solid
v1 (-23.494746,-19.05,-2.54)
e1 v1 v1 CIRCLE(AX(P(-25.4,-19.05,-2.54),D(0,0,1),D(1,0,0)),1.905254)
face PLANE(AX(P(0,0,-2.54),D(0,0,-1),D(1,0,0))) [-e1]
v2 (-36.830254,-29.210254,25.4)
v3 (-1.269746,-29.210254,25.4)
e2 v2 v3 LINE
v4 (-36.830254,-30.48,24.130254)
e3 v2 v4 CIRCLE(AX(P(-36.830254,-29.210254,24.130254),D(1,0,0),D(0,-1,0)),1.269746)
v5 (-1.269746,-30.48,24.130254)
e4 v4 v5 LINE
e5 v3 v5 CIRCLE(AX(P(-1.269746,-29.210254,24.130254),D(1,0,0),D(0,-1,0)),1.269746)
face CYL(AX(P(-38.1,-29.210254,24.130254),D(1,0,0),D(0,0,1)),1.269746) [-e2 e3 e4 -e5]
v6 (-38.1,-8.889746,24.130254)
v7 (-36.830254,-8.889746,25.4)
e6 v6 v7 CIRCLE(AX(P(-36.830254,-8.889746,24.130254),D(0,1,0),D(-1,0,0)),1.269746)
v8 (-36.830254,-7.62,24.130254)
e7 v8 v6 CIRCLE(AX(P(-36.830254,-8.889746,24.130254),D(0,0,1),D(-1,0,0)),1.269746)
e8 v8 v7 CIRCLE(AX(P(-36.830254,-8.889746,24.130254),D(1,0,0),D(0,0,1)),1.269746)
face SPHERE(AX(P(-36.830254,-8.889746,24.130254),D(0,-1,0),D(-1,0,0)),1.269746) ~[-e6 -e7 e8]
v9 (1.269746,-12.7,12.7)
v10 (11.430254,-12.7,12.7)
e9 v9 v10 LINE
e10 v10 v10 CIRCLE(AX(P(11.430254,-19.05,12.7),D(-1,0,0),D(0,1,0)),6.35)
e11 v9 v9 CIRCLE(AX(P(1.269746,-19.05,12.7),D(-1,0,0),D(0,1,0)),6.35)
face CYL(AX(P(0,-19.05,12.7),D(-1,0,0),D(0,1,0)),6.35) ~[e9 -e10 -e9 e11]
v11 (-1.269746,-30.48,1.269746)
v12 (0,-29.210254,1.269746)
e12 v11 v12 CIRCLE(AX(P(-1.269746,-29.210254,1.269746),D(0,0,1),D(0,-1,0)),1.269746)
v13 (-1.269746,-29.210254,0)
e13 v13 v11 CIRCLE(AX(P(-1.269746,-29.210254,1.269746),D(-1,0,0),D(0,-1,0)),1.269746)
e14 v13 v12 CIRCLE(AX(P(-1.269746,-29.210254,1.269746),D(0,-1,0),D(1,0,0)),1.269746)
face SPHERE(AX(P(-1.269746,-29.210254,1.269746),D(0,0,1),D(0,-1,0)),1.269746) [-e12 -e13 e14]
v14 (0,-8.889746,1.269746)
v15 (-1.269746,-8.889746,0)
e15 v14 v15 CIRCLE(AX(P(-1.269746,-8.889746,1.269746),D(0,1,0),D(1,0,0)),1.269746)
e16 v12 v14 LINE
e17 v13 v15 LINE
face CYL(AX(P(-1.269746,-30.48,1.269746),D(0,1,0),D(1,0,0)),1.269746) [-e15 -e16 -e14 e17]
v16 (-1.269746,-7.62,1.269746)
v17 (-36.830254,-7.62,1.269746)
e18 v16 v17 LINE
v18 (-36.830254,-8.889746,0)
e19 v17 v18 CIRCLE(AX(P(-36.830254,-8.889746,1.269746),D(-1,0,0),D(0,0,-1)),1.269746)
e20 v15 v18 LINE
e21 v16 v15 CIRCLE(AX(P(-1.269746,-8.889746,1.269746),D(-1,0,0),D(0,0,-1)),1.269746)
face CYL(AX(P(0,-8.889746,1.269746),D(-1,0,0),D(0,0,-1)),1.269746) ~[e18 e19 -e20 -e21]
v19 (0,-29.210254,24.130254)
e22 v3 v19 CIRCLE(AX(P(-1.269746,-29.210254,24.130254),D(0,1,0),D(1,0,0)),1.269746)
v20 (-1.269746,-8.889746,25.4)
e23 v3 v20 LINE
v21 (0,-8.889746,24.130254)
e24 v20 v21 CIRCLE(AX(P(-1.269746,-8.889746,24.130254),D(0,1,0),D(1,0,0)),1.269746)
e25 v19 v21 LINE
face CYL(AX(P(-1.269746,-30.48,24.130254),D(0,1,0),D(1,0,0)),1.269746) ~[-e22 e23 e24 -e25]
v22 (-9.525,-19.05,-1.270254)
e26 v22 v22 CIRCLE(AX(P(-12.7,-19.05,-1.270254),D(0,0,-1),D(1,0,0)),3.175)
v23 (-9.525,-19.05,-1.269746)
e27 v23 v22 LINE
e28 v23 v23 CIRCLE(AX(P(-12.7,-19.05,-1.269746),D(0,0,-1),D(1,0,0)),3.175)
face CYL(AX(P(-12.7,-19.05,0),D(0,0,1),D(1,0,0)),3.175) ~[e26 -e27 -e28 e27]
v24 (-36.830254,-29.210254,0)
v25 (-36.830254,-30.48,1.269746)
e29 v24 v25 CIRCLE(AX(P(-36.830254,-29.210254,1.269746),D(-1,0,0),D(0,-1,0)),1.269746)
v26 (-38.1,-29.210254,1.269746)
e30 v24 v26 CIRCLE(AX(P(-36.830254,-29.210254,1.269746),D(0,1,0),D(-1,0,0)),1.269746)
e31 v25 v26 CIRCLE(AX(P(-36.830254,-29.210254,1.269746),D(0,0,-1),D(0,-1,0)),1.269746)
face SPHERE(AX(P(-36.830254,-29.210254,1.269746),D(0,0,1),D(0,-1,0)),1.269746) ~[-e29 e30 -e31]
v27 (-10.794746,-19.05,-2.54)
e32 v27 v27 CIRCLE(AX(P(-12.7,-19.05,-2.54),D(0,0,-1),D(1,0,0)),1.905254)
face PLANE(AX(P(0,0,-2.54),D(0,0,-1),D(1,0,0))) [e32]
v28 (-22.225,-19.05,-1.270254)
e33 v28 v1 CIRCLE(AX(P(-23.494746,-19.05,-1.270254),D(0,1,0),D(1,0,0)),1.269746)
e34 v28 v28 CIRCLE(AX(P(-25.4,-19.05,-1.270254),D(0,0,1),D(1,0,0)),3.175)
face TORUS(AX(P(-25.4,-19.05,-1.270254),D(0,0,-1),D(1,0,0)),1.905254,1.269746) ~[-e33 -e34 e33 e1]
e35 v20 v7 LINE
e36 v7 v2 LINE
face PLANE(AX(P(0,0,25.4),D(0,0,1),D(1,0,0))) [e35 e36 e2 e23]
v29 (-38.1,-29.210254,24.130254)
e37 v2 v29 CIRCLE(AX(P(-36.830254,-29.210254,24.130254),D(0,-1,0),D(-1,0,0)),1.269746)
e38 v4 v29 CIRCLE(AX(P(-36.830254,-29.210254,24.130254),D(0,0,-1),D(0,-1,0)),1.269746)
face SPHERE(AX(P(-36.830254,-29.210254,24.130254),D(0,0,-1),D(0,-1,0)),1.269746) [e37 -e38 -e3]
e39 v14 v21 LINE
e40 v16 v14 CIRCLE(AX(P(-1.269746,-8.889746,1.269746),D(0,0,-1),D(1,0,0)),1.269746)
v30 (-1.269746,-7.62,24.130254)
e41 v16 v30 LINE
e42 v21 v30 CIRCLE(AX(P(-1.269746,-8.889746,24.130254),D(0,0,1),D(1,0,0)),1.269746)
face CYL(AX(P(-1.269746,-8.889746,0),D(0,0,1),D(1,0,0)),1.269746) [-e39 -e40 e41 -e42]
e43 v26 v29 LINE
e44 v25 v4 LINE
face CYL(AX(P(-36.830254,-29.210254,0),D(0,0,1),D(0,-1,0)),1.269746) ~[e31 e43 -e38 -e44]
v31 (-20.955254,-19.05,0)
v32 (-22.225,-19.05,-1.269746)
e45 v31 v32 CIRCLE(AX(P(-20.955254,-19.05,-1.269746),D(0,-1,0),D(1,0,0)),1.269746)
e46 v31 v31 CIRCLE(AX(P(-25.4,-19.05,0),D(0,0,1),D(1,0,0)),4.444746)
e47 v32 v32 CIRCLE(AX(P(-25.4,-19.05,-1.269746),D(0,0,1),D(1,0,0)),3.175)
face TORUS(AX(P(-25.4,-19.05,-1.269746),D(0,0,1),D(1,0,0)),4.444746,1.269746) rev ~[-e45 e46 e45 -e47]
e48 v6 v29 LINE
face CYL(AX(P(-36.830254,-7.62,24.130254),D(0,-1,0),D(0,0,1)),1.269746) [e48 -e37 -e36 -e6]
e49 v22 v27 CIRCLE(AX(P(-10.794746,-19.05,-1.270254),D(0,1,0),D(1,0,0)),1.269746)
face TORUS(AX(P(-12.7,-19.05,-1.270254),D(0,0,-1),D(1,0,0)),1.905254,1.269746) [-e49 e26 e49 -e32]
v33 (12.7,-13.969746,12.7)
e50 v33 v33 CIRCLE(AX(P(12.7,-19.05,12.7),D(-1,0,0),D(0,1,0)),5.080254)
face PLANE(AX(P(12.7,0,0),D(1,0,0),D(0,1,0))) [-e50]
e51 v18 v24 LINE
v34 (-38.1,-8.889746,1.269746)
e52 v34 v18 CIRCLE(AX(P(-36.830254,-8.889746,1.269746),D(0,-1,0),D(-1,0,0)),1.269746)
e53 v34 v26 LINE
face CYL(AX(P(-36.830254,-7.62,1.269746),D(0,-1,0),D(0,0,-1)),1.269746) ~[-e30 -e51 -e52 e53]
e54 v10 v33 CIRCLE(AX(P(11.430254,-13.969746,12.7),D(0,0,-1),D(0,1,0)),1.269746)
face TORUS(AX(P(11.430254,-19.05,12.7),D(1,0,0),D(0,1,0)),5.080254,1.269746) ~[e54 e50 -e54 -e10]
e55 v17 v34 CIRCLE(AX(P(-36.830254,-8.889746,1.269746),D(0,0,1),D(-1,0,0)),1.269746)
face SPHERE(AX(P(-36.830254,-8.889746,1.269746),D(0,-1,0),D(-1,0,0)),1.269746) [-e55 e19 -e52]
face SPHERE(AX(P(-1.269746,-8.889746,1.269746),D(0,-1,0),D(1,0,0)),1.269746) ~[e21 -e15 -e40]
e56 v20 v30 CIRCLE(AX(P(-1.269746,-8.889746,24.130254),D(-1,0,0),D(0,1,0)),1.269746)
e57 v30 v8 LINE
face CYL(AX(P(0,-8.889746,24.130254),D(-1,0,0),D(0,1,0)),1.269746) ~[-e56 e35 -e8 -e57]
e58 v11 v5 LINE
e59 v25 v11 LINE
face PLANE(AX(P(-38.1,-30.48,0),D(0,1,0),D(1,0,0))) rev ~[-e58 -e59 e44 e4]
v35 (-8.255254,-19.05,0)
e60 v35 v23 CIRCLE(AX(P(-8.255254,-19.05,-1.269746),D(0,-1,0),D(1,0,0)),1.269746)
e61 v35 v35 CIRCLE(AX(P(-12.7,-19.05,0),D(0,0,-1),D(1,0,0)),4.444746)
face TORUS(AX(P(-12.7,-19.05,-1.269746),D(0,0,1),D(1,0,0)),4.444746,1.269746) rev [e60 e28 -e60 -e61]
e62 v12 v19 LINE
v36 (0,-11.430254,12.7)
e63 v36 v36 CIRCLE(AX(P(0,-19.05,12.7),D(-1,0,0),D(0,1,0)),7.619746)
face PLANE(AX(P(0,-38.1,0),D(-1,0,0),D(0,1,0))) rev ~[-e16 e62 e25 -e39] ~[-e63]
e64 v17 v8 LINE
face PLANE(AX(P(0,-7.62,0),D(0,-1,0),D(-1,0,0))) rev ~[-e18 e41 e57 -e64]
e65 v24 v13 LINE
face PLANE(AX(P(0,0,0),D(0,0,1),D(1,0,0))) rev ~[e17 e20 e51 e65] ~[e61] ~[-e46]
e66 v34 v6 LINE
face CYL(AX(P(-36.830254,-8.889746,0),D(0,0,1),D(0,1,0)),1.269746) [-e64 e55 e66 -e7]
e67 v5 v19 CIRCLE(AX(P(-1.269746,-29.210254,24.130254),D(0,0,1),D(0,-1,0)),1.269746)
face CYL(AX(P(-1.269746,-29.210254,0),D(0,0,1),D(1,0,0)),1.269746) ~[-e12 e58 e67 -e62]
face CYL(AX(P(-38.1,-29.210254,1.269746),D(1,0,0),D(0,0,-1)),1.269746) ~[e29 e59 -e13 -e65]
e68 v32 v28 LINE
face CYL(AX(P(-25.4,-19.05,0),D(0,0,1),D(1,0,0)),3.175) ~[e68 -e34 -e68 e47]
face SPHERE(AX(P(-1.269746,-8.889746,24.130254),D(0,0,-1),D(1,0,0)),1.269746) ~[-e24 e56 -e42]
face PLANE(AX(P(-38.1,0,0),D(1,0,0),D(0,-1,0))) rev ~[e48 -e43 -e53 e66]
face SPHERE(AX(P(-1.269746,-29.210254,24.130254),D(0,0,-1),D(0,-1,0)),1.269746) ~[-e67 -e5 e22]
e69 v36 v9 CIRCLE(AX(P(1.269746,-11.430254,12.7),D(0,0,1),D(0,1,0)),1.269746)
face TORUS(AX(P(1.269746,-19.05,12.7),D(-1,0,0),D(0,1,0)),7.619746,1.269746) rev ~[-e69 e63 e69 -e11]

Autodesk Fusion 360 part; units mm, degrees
sketch "Sketch1" plane through (0, 0, 0) normal (0, 0, 1) x (1, 0, 0)
  line L0 (0, 0) -> (-38.1, 0)
  line L1 (-38.1, 0) -> (-38.1, -38.1)
  line L2 (-38.1, -38.1) -> (0, -38.1)
  line L3 (0, -38.1) -> (0, 0)
  dimension "d1" = 38.1
  dimension "d2" = 38.1
extrude "Extrude1" add sketch "Sketch1" along normal blind 25.4
sketch "Sketch2" plane through (0, 0, 0) normal (1, 0, 0) x (0, 1, 0)
  line L0 (-38.1, 0) -> (0, 0)
  line L1 (0, 0) -> (0, 25.4)
  line L2 (0, 25.4) -> (-38.1, 25.4)
  line L3 (-38.1, 25.4) -> (-38.1, 0)
  line L4 (-38.1, 0) -> (-19.05, 0)
  line L5 (-19.05, 0) -> (-19.05, 12.7)
  circle A0 centre (-19.05, 12.7) radius 6.35
  dimension "d5" = 12.7
extrude "Extrude2" add sketch "Sketch2" along normal blind 12.7 contours A0
sketch "Sketch3" plane through (0, 0, 0) normal (0, 0, -1) x (1, 0, 0)
  line L0 (0, 0) -> (0, 38.1)
  line L1 (0, 38.1) -> (-38.1, 38.1)
  line L2 (-38.1, 38.1) -> (-38.1, 0)
  line L3 (-38.1, 0) -> (0, 0)
  line L4 (-38.1, 19.05) -> (-25.4, 19.05)
  line L5 (0, 19.05) -> (-12.7, 19.05)
  circle A0 centre (-12.7, 19.05) radius 3.175
  circle A1 centre (-25.4, 19.05) radius 3.175
  dimension "d9" = 12.7
  dimension "d10" = 12.7
  dimension "d11" = 6.35
  dimension "d12" = 6.35
extrude "Extrude3" add sketch "Sketch3" along normal blind 5.08 contours A1
extrude "Extrude4" add sketch "Sketch3" along normal blind 5.08 contours A0
extrude "Extrude5" cut 1 faces at (-12.7, 0, 8.4667) along direction (0, -1, 0) blind 7.62
extrude "Extrude6" cut 1 faces at (-25.4, -38.1, 8.4667) along direction (0, 1, 0) blind 7.62
extrude "Extrude7" cut 2 faces at (-13.6995, -18.8958, -5.08) (-24.8413, -17.3109, -5.08) along direction (0, 0, 1) blind 2.54
fillet "Fillet1" radius 1.27 12 faces at (-25.4, -30.48, 8.4667) (0, -18.8918, 2.1226) (-38.1, -15.24, 8.4667) (12.7, -19.3851, 13.862) (-12.7, -7.62, 8.4667) (-12.7, -22.86, 25.4) (4.2333, -12.7079, 13.0165) (-34.925, -19.05, 0) (-13.6995, -18.8958, -2.54) (-24.8413, -17.3109, -2.54) (-9.5408, -18.7339, -0.8467) (-22.2289, -19.2083, -0.8467)
equation "d6 = ( 1 / 2 ) * 1 in"
